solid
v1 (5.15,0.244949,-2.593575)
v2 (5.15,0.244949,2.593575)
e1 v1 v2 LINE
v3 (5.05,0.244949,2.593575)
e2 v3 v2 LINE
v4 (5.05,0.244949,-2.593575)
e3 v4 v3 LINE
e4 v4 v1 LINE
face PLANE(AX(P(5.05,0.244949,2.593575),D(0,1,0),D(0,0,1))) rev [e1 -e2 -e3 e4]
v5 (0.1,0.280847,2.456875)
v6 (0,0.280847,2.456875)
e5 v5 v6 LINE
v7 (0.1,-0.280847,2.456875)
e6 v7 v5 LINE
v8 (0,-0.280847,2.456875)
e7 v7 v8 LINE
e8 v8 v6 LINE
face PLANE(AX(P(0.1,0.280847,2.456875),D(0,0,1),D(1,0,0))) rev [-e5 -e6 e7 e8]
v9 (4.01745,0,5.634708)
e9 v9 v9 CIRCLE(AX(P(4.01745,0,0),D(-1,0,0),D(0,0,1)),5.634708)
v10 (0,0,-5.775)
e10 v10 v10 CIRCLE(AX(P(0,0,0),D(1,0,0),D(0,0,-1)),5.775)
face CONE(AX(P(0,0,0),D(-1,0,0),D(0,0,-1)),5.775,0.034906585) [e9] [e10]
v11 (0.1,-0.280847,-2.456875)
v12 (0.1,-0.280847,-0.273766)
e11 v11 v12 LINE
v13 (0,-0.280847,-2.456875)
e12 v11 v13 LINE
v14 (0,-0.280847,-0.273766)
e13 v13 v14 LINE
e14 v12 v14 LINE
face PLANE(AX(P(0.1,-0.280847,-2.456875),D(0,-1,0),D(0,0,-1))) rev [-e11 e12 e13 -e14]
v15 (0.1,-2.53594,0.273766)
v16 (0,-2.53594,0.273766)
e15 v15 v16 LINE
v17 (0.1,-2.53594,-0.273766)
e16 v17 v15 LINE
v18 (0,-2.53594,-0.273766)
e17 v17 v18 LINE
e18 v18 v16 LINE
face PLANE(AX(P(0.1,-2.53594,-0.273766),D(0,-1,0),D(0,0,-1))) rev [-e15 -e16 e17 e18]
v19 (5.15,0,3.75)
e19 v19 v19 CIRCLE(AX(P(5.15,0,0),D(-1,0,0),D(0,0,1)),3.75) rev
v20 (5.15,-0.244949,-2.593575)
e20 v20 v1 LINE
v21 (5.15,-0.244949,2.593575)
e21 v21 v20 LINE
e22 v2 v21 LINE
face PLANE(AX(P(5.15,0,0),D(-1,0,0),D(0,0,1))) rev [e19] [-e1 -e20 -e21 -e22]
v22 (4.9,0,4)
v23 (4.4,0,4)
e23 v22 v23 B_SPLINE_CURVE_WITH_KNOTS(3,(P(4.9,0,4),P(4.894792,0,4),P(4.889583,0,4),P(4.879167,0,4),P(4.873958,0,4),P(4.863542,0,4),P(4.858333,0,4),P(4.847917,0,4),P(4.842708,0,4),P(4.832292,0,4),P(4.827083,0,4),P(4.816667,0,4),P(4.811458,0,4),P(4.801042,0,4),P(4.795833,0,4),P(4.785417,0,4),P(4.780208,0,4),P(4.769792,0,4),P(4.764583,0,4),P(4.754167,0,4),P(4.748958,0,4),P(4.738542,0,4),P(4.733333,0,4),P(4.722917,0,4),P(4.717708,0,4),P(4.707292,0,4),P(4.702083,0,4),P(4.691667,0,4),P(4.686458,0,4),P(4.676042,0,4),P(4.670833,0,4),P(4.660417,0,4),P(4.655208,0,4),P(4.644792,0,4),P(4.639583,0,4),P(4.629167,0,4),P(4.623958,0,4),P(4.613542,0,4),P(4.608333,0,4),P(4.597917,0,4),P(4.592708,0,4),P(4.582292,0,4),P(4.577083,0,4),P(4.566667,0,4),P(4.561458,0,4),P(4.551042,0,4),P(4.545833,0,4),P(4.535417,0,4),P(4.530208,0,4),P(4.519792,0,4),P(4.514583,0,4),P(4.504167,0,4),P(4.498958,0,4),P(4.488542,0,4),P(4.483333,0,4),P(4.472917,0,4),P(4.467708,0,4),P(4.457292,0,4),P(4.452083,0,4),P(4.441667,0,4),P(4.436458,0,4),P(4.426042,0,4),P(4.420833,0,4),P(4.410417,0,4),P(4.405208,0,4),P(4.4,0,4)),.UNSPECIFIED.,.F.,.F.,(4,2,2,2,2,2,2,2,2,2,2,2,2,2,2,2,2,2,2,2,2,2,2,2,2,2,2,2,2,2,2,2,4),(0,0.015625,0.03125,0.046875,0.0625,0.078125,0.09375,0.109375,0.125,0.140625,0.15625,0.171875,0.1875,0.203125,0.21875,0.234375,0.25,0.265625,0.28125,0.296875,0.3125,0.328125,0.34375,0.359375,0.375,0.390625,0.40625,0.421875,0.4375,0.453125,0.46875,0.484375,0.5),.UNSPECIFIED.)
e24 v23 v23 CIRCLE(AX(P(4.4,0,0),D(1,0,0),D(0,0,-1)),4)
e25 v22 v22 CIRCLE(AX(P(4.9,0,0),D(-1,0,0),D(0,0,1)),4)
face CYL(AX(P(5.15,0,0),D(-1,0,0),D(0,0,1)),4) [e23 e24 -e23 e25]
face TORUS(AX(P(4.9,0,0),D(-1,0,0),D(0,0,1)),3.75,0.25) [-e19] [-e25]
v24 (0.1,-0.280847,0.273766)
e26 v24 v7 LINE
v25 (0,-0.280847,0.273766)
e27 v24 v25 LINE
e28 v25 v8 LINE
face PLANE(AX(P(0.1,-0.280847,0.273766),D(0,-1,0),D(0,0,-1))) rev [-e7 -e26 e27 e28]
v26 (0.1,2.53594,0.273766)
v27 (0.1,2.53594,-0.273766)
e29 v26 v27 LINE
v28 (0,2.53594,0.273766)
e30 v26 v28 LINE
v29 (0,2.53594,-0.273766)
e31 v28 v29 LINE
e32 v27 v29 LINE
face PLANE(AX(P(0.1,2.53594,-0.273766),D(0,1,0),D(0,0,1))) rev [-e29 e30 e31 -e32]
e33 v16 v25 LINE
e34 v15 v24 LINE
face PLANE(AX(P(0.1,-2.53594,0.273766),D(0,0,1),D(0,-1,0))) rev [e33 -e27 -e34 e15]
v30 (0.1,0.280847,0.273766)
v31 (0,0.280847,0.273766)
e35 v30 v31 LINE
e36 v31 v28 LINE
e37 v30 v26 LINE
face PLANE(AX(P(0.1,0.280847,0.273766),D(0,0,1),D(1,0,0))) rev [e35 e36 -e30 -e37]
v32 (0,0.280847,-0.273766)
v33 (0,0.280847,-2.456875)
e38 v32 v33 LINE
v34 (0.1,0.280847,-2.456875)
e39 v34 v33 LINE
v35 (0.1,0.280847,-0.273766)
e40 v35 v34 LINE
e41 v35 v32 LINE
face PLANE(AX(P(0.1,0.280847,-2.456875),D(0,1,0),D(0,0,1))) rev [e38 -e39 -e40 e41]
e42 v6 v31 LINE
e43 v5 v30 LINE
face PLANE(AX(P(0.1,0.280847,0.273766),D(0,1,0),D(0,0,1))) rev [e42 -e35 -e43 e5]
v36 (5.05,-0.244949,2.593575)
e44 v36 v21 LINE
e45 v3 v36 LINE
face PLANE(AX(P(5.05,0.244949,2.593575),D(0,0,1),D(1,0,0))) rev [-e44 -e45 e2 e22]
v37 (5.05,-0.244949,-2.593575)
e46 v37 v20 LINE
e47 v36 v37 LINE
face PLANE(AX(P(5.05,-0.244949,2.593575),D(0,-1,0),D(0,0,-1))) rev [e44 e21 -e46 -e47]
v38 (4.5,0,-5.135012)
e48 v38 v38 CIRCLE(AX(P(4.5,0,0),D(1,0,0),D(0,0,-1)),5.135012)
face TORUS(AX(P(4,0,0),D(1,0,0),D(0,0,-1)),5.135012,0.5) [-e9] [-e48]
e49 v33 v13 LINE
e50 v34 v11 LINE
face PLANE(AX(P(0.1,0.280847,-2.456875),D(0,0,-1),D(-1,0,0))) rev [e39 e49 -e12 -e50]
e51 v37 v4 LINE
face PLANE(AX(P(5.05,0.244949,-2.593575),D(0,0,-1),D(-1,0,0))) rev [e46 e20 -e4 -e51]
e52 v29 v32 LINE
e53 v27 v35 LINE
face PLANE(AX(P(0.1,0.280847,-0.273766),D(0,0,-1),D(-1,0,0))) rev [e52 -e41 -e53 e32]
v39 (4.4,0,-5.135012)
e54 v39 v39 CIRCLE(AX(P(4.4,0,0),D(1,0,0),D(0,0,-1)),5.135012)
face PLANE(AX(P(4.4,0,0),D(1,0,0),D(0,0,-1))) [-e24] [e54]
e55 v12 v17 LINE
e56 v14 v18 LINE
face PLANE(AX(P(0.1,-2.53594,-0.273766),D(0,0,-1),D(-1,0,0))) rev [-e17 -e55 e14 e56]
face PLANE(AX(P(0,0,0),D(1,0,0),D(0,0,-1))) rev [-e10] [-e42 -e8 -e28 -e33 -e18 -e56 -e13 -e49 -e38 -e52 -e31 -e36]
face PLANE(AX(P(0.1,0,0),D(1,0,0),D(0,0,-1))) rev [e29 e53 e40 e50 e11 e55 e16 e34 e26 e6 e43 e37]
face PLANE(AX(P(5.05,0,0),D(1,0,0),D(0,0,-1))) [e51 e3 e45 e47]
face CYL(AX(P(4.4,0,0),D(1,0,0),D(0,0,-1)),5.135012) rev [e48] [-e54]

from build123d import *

# Parameters (mm, degrees)
SKETCH1_R           = 5.775
BOSS_EXTRUDE1_DEPTH = 4.5
BOSS_EXTRUDE1_TAPER = 2
SKETCH2_R           = 4
BOSS_EXTRUDE2_DEPTH = 5.15
FILLET1_R           = 0.5
FILLET2_R           = 0.25
CUT_EXTRUDE1_START  = -0.1
SKETCH3_R           = 5.13501215
SKETCH3_R_2         = 4
CUT_EXTRUDE1_DEPTH  = 0.1
CUT_EXTRUDE2_DEPTH  = 0.1
SKETCH5_W           = 5.187150014
SKETCH5_H           = 0.489897502
CUT_EXTRUDE3_DEPTH  = 0.1


with BuildPart() as part:
    # Sketch1 → Boss-Extrude1 (new body)
    with BuildSketch(Plane(origin=(0, 0, 0), x_dir=(0, 0, -1), z_dir=(1, 0, 0))):
        Circle(SKETCH1_R)
    extrude(amount=BOSS_EXTRUDE1_DEPTH, taper=BOSS_EXTRUDE1_TAPER)

    # Sketch2 → Boss-Extrude2 (add)
    with BuildSketch(Plane.ZY):
        Circle(SKETCH2_R)
    extrude(amount=-BOSS_EXTRUDE2_DEPTH)

    # Fillet1
    fillet1_edges = [part.edges().sort_by_distance(p)[0] for p in [
        (4.5, 0, 5.617856537),
    ]]
    fillet(fillet1_edges, radius=FILLET1_R)

    # Fillet2
    fillet2_edges = [part.edges().sort_by_distance(p)[0] for p in [
        (5.15, 0, -4),
    ]]
    fillet(fillet2_edges, radius=FILLET2_R)

    # Sketch3 → Cut-Extrude1 (cut)
    with BuildSketch(Plane(origin=(4.5, 0, 0), x_dir=(0, 0, -1), z_dir=(1, 0, 0)).offset(CUT_EXTRUDE1_START)):
        Circle(SKETCH3_R)
        with Locations(Location((0, 0, 0), (0, 0, 180))):
            Circle(SKETCH3_R_2, mode=Mode.SUBTRACT)
    extrude(amount=CUT_EXTRUDE1_DEPTH, mode=Mode.SUBTRACT)

    # Sketch4 → Cut-Extrude2 (cut)
    with BuildSketch(Plane.ZY):
        Polygon((-0.273766251, -2.535940007), (0.273766251, -2.535940007), (0.273766251, -0.280846858), (2.456875417, -0.280846858), (2.456875417, 0.280846858), (0.273766251, 0.280846858), (0.273766251, 2.535940007), (-0.273766251, 2.535940007), (-0.273766251, 0.280846858), (-2.456875417, 0.280846858), (-2.456875417, -0.280846858), (-0.273766251, -0.280846858), align=None)
    extrude(amount=-CUT_EXTRUDE2_DEPTH, mode=Mode.SUBTRACT)

    # Sketch5 → Cut-Extrude3 (cut)
    with BuildSketch(Plane(origin=(5.15, 0, 0), x_dir=(0, 0, -1), z_dir=(1, 0, 0))):
        Rectangle(SKETCH5_W, SKETCH5_H)
    extrude(amount=-CUT_EXTRUDE3_DEPTH, mode=Mode.SUBTRACT)


solid = part.part
